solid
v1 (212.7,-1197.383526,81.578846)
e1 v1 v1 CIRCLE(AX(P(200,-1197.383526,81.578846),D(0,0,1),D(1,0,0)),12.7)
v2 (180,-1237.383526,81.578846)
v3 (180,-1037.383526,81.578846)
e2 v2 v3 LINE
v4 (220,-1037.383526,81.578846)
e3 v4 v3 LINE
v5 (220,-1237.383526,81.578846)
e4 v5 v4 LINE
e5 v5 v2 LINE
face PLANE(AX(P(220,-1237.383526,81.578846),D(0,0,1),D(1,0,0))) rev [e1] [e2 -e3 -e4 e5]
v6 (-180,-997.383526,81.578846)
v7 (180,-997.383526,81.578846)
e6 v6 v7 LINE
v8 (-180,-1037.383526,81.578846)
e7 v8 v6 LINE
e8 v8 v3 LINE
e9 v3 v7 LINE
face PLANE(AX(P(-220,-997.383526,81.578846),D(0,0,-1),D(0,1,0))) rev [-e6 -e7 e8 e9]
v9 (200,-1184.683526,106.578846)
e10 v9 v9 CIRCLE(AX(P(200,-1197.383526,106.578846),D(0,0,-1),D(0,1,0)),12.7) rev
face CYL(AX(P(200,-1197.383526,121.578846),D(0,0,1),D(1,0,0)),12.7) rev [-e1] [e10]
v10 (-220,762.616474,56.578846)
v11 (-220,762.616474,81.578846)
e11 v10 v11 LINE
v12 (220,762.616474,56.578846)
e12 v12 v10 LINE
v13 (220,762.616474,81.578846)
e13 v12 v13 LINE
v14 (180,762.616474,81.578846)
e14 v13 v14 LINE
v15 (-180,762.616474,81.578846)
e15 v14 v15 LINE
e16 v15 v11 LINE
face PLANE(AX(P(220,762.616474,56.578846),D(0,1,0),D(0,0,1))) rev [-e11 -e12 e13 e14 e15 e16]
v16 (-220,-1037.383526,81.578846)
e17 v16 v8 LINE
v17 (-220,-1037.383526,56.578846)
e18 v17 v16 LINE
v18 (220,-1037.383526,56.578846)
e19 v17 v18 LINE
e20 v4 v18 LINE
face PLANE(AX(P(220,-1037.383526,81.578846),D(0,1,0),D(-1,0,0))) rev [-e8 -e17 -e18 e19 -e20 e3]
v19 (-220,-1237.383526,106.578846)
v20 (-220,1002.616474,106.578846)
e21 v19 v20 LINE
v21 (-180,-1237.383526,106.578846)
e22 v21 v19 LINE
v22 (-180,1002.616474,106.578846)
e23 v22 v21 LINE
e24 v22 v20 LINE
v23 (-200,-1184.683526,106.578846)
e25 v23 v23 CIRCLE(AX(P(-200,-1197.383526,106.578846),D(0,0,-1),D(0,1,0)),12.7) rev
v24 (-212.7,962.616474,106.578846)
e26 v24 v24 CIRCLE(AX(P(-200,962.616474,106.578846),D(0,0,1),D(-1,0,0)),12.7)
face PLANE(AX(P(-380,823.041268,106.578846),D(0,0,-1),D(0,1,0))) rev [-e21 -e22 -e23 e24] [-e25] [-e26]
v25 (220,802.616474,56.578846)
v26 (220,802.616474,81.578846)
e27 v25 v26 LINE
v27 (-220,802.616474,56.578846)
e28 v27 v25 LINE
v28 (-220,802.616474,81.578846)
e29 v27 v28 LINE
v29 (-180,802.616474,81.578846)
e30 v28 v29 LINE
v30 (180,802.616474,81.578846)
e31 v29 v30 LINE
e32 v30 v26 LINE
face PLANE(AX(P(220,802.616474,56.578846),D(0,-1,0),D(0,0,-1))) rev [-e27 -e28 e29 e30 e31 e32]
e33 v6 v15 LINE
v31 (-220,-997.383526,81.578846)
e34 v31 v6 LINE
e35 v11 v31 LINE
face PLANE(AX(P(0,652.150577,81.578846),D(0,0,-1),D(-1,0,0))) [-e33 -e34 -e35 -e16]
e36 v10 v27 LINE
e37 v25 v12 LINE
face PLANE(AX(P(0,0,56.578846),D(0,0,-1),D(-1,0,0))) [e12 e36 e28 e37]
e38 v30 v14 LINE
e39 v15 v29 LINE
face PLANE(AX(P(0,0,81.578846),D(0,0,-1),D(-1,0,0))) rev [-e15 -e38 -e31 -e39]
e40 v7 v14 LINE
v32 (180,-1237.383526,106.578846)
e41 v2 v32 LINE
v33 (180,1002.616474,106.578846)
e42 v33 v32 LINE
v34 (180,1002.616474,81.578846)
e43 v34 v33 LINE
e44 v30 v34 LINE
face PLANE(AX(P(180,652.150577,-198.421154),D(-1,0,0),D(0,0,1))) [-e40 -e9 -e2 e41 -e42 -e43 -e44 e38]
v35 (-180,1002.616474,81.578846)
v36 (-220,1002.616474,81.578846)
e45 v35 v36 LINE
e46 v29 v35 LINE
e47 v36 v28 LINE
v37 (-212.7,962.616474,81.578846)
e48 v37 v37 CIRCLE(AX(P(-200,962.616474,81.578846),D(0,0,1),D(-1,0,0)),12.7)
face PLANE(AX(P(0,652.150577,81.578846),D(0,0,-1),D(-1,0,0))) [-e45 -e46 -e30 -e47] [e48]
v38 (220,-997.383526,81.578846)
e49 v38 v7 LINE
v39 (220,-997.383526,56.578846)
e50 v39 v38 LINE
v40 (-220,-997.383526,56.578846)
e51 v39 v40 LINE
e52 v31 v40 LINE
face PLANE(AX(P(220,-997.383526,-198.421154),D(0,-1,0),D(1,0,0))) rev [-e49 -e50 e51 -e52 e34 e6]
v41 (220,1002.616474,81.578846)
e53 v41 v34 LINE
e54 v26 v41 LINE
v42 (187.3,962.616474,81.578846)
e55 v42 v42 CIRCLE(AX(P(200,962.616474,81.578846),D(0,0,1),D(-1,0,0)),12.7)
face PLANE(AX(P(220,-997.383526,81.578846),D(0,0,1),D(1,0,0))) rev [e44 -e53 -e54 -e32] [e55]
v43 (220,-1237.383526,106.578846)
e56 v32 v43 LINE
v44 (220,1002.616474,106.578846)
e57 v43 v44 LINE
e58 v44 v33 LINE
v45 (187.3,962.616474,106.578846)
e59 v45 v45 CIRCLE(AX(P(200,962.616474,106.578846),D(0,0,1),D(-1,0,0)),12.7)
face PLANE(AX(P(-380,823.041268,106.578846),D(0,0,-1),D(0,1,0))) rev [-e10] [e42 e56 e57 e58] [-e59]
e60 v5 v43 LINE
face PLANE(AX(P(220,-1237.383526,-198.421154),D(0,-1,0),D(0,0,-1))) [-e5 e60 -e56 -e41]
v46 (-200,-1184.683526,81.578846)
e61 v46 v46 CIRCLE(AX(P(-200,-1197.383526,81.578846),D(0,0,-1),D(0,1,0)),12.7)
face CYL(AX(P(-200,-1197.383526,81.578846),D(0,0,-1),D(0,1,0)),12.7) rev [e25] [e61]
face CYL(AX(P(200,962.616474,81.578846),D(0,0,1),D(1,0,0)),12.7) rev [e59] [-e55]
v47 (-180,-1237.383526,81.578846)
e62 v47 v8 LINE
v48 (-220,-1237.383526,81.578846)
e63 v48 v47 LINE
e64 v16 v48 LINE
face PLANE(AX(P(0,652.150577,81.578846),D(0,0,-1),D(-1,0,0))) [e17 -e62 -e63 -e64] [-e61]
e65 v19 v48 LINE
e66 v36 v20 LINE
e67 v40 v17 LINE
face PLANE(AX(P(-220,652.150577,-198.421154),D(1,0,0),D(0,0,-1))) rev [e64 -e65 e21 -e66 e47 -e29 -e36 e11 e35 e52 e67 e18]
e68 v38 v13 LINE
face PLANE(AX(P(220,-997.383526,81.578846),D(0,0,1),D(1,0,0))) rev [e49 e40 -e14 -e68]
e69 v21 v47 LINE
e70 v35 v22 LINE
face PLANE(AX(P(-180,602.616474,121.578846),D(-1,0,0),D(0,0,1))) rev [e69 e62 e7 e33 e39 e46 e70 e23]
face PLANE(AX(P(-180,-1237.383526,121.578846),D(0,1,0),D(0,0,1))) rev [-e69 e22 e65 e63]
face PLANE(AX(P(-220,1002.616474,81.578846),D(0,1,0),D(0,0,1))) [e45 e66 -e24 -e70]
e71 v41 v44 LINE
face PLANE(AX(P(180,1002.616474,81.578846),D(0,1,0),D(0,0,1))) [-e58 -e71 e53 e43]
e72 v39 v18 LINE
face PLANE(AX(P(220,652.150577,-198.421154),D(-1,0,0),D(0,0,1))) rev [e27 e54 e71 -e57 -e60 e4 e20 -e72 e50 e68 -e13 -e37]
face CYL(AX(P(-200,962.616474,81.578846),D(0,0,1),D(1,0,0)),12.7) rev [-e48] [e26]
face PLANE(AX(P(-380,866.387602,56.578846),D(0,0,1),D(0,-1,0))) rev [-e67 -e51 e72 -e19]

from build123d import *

# Parameters (mm, degrees)
SKETCH1_W            = 510
SKETCH1_H            = 80
BOSS_EXTRUDE1_DEPTH  = 10
SKETCH2_W            = 70
SKETCH2_H            = 390
CUT_EXTRUDE1_DEPTH   = 11
SKETCH3_W            = 70
SKETCH3_H            = 50
CUT_EXTRUDE2_DEPTH   = 11
SKETCH4_W            = 70
SKETCH4_H            = 10
BOSS_EXTRUDE2_DEPTH  = 100
SKETCH5_W            = 70
SKETCH5_H            = 50
CUT_EXTRUDE3_DEPTH   = 11
SKETCH6_W            = 70
SKETCH6_H            = 10
BOSS_EXTRUDE3_DEPTH  = 100
SKETCH7_W            = 10
SKETCH7_H            = 460
BOSS_EXTRUDE4_DEPTH  = 10
SKETCH8_W            = 10
SKETCH8_H            = 10
BOSS_EXTRUDE5_DEPTH  = 50
SKETCH9_W            = 90
SKETCH9_H            = 60
CUT_EXTRUDE4_DEPTH   = 61
SKETCH10_W           = 90
SKETCH10_H           = 60
CUT_EXTRUDE5_DEPTH   = 61
HOLE1_D              = 6.35
HOLE1_DEPTH          = 10
HOLE2_D              = 6.35
HOLE2_DEPTH          = 80
SCALE1_SCALE         = 4
SKETCH16_W           = 420.354500644
SKETCH16_H           = 2047.440969125
SKETCH16_W_2         = 504.269615058
SKETCH16_H_2         = 2143.883100275
CUT_EXTRUDE6_DEPTH   = 600
SKETCH17_W           = 706.747089412
SKETCH17_H           = 1090.886123918
CUT_EXTRUDE7_DEPTH   = 100
SKETCH18_W           = 40
SKETCH18_H           = 25
BOSS_EXTRUDE6_DEPTH  = 1
SKETCH20_W           = 40
SKETCH20_H           = 1219
SKETCH20_R           = 12.7
BOSS_EXTRUDE9_DEPTH  = 25
SKETCH21_W           = 440
SKETCH21_H           = 40
BOSS_EXTRUDE10_DEPTH = 25


with BuildPart() as part:
    # Sketch1 → Boss-Extrude1 (new body)
    with BuildSketch(Plane(origin=(45, 0, 0), x_dir=(0, -1, 0), z_dir=(-1, 0, 0))):
        with Locations((217.383525535, 40)):
            Rectangle(SKETCH1_W, SKETCH1_H)
    extrude(amount=-BOSS_EXTRUDE1_DEPTH)

    # Sketch2 → Cut-Extrude1 (cut, through all)
    with BuildSketch(Plane.ZY.offset(-45)):
        with Locations((35, -217.383525535)):
            Rectangle(SKETCH2_W, SKETCH2_H)
    extrude(amount=-CUT_EXTRUDE1_DEPTH, mode=Mode.SUBTRACT)

    # Sketch3 → Cut-Extrude2 (cut, through all)
    with BuildSketch(Plane.ZY.offset(-45)):
        with Locations((35, 12.616474465)):
            Rectangle(SKETCH3_W, SKETCH3_H)
    extrude(amount=-CUT_EXTRUDE2_DEPTH, mode=Mode.SUBTRACT)

    # Sketch4 → Boss-Extrude2 (add)
    with BuildSketch(Plane.ZY.offset(-45)):
        with Locations((35, -17.383525535)):
            Rectangle(SKETCH4_W, SKETCH4_H)
    extrude(amount=BOSS_EXTRUDE2_DEPTH)

    # Sketch5 → Cut-Extrude3 (cut, through all)
    with BuildSketch(Plane.ZY.offset(-45)):
        with Locations((35, -447.383525535)):
            Rectangle(SKETCH5_W, SKETCH5_H)
    extrude(amount=-CUT_EXTRUDE3_DEPTH, mode=Mode.SUBTRACT)

    # Sketch6 → Boss-Extrude3 (add)
    with BuildSketch(Plane.ZY.offset(-45)):
        with Locations((35, -417.383525535)):
            Rectangle(SKETCH6_W, SKETCH6_H)
    extrude(amount=BOSS_EXTRUDE3_DEPTH)

    # Sketch7 → Boss-Extrude4 (add)
    with BuildSketch(Plane.XY.offset(70)):
        with Locations((-50, -242.383525535)):
            Rectangle(SKETCH7_W, SKETCH7_H)
    extrude(amount=BOSS_EXTRUDE4_DEPTH)

    # Sketch8 → Boss-Extrude5 (add)
    with BuildSketch(Plane(origin=(0, -12.383525535, 0), x_dir=(-1, 0, 0), z_dir=(0, 1, 0))):
        with Locations((50, 75)):
            Rectangle(SKETCH8_W, SKETCH8_H)
    extrude(amount=BOSS_EXTRUDE5_DEPTH)

    # Sketch9 → Cut-Extrude4 (cut, through all)
    with BuildSketch(Plane.XZ.offset(22.383525535)):
        with Locations((0, 30)):
            Rectangle(SKETCH9_W, SKETCH9_H)
    extrude(amount=-CUT_EXTRUDE4_DEPTH, mode=Mode.SUBTRACT)

    # Sketch10 → Cut-Extrude5 (cut, through all)
    with BuildSketch(Plane(origin=(0, -412.383525535, 0), x_dir=(-1, 0, 0), z_dir=(0, 1, 0))):
        with Locations((0, 30)):
            Rectangle(SKETCH10_W, SKETCH10_H)
    extrude(amount=-CUT_EXTRUDE5_DEPTH, mode=Mode.SUBTRACT)

    # Hole1
    with Locations(Plane(origin=(0, 0, 70), x_dir=(-1, 0, 0), z_dir=(0, 0, -1))):
        with Locations((-50, 27.616474465), (50, -462.383525535)):
            Hole(HOLE1_D / 2, depth=HOLE1_DEPTH)

    # Hole2
    with Locations(Plane.XY.offset(80)):
        with Locations((50, -462.383525535), (-50, 27.616474465)):
            Hole(HOLE2_D / 2, depth=HOLE2_DEPTH)


with BuildPart() as part_1:
    # Scale1: scaled about (0, -217.383525535, 66.140384571)
    add(part.part.scale(SCALE1_SCALE).moved(Location((0, 652.150576605, -198.421153713))))

    # Sketch16 → Cut-Extrude6 (cut)
    with BuildSketch(Plane(origin=(220, 0, 0), x_dir=(0, 0, -1), z_dir=(1, 0, 0))):
        with Locations((153.598404035, -157.332882586)):
            Rectangle(SKETCH16_W, SKETCH16_H)
        with Locations((-358.713653816, -248.900281802)):
            Rectangle(SKETCH16_W_2, SKETCH16_H_2)
    extrude(amount=-CUT_EXTRUDE6_DEPTH, mode=Mode.SUBTRACT)

    # Sketch17 → Cut-Extrude7 (cut)
    with BuildSketch(Plane.XY.offset(106.578846287)):
        with Locations((133.373544706, 328.059536424)):
            Rectangle(SKETCH17_W, SKETCH17_H)
    extrude(amount=-CUT_EXTRUDE7_DEPTH, mode=Mode.SUBTRACT)

    # Sketch18 → Boss-Extrude6 (add)
    with BuildSketch(Plane(origin=(0, -217.383525535, 0), x_dir=(1, 0, 0), z_dir=(0, 1, 0))):
        with Locations((-200, -94.078846287)):
            Rectangle(SKETCH18_W, SKETCH18_H)
        with Locations((200, -94.078846287)):
            Rectangle(SKETCH18_W, SKETCH18_H)
    extrude(amount=BOSS_EXTRUDE6_DEPTH)

    # Sketch20 → Boss-Extrude9 (add)
    with BuildSketch(Plane.XY.offset(106.578846287)):
        with Locations((-200, 393.116474465)):
            Rectangle(SKETCH20_W, SKETCH20_H)
        with Locations((-200, 962.616474465)):
            Circle(SKETCH20_R, mode=Mode.SUBTRACT)
        with Locations((200, 393.116474465)):
            Rectangle(SKETCH20_W, SKETCH20_H)
        with Locations((200, 962.616474465)):
            Circle(SKETCH20_R, mode=Mode.SUBTRACT)
    extrude(amount=-BOSS_EXTRUDE9_DEPTH)

    # Sketch21 → Boss-Extrude10 (add)
    with BuildSketch(Plane(origin=(0, 0, 81.578846287), x_dir=(-1, 0, 0), z_dir=(0, 0, -1))):
        with Locations((0, 782.616474465)):
            Rectangle(SKETCH21_W, SKETCH21_H)
    extrude(amount=BOSS_EXTRUDE10_DEPTH)


solid = part_1.part
